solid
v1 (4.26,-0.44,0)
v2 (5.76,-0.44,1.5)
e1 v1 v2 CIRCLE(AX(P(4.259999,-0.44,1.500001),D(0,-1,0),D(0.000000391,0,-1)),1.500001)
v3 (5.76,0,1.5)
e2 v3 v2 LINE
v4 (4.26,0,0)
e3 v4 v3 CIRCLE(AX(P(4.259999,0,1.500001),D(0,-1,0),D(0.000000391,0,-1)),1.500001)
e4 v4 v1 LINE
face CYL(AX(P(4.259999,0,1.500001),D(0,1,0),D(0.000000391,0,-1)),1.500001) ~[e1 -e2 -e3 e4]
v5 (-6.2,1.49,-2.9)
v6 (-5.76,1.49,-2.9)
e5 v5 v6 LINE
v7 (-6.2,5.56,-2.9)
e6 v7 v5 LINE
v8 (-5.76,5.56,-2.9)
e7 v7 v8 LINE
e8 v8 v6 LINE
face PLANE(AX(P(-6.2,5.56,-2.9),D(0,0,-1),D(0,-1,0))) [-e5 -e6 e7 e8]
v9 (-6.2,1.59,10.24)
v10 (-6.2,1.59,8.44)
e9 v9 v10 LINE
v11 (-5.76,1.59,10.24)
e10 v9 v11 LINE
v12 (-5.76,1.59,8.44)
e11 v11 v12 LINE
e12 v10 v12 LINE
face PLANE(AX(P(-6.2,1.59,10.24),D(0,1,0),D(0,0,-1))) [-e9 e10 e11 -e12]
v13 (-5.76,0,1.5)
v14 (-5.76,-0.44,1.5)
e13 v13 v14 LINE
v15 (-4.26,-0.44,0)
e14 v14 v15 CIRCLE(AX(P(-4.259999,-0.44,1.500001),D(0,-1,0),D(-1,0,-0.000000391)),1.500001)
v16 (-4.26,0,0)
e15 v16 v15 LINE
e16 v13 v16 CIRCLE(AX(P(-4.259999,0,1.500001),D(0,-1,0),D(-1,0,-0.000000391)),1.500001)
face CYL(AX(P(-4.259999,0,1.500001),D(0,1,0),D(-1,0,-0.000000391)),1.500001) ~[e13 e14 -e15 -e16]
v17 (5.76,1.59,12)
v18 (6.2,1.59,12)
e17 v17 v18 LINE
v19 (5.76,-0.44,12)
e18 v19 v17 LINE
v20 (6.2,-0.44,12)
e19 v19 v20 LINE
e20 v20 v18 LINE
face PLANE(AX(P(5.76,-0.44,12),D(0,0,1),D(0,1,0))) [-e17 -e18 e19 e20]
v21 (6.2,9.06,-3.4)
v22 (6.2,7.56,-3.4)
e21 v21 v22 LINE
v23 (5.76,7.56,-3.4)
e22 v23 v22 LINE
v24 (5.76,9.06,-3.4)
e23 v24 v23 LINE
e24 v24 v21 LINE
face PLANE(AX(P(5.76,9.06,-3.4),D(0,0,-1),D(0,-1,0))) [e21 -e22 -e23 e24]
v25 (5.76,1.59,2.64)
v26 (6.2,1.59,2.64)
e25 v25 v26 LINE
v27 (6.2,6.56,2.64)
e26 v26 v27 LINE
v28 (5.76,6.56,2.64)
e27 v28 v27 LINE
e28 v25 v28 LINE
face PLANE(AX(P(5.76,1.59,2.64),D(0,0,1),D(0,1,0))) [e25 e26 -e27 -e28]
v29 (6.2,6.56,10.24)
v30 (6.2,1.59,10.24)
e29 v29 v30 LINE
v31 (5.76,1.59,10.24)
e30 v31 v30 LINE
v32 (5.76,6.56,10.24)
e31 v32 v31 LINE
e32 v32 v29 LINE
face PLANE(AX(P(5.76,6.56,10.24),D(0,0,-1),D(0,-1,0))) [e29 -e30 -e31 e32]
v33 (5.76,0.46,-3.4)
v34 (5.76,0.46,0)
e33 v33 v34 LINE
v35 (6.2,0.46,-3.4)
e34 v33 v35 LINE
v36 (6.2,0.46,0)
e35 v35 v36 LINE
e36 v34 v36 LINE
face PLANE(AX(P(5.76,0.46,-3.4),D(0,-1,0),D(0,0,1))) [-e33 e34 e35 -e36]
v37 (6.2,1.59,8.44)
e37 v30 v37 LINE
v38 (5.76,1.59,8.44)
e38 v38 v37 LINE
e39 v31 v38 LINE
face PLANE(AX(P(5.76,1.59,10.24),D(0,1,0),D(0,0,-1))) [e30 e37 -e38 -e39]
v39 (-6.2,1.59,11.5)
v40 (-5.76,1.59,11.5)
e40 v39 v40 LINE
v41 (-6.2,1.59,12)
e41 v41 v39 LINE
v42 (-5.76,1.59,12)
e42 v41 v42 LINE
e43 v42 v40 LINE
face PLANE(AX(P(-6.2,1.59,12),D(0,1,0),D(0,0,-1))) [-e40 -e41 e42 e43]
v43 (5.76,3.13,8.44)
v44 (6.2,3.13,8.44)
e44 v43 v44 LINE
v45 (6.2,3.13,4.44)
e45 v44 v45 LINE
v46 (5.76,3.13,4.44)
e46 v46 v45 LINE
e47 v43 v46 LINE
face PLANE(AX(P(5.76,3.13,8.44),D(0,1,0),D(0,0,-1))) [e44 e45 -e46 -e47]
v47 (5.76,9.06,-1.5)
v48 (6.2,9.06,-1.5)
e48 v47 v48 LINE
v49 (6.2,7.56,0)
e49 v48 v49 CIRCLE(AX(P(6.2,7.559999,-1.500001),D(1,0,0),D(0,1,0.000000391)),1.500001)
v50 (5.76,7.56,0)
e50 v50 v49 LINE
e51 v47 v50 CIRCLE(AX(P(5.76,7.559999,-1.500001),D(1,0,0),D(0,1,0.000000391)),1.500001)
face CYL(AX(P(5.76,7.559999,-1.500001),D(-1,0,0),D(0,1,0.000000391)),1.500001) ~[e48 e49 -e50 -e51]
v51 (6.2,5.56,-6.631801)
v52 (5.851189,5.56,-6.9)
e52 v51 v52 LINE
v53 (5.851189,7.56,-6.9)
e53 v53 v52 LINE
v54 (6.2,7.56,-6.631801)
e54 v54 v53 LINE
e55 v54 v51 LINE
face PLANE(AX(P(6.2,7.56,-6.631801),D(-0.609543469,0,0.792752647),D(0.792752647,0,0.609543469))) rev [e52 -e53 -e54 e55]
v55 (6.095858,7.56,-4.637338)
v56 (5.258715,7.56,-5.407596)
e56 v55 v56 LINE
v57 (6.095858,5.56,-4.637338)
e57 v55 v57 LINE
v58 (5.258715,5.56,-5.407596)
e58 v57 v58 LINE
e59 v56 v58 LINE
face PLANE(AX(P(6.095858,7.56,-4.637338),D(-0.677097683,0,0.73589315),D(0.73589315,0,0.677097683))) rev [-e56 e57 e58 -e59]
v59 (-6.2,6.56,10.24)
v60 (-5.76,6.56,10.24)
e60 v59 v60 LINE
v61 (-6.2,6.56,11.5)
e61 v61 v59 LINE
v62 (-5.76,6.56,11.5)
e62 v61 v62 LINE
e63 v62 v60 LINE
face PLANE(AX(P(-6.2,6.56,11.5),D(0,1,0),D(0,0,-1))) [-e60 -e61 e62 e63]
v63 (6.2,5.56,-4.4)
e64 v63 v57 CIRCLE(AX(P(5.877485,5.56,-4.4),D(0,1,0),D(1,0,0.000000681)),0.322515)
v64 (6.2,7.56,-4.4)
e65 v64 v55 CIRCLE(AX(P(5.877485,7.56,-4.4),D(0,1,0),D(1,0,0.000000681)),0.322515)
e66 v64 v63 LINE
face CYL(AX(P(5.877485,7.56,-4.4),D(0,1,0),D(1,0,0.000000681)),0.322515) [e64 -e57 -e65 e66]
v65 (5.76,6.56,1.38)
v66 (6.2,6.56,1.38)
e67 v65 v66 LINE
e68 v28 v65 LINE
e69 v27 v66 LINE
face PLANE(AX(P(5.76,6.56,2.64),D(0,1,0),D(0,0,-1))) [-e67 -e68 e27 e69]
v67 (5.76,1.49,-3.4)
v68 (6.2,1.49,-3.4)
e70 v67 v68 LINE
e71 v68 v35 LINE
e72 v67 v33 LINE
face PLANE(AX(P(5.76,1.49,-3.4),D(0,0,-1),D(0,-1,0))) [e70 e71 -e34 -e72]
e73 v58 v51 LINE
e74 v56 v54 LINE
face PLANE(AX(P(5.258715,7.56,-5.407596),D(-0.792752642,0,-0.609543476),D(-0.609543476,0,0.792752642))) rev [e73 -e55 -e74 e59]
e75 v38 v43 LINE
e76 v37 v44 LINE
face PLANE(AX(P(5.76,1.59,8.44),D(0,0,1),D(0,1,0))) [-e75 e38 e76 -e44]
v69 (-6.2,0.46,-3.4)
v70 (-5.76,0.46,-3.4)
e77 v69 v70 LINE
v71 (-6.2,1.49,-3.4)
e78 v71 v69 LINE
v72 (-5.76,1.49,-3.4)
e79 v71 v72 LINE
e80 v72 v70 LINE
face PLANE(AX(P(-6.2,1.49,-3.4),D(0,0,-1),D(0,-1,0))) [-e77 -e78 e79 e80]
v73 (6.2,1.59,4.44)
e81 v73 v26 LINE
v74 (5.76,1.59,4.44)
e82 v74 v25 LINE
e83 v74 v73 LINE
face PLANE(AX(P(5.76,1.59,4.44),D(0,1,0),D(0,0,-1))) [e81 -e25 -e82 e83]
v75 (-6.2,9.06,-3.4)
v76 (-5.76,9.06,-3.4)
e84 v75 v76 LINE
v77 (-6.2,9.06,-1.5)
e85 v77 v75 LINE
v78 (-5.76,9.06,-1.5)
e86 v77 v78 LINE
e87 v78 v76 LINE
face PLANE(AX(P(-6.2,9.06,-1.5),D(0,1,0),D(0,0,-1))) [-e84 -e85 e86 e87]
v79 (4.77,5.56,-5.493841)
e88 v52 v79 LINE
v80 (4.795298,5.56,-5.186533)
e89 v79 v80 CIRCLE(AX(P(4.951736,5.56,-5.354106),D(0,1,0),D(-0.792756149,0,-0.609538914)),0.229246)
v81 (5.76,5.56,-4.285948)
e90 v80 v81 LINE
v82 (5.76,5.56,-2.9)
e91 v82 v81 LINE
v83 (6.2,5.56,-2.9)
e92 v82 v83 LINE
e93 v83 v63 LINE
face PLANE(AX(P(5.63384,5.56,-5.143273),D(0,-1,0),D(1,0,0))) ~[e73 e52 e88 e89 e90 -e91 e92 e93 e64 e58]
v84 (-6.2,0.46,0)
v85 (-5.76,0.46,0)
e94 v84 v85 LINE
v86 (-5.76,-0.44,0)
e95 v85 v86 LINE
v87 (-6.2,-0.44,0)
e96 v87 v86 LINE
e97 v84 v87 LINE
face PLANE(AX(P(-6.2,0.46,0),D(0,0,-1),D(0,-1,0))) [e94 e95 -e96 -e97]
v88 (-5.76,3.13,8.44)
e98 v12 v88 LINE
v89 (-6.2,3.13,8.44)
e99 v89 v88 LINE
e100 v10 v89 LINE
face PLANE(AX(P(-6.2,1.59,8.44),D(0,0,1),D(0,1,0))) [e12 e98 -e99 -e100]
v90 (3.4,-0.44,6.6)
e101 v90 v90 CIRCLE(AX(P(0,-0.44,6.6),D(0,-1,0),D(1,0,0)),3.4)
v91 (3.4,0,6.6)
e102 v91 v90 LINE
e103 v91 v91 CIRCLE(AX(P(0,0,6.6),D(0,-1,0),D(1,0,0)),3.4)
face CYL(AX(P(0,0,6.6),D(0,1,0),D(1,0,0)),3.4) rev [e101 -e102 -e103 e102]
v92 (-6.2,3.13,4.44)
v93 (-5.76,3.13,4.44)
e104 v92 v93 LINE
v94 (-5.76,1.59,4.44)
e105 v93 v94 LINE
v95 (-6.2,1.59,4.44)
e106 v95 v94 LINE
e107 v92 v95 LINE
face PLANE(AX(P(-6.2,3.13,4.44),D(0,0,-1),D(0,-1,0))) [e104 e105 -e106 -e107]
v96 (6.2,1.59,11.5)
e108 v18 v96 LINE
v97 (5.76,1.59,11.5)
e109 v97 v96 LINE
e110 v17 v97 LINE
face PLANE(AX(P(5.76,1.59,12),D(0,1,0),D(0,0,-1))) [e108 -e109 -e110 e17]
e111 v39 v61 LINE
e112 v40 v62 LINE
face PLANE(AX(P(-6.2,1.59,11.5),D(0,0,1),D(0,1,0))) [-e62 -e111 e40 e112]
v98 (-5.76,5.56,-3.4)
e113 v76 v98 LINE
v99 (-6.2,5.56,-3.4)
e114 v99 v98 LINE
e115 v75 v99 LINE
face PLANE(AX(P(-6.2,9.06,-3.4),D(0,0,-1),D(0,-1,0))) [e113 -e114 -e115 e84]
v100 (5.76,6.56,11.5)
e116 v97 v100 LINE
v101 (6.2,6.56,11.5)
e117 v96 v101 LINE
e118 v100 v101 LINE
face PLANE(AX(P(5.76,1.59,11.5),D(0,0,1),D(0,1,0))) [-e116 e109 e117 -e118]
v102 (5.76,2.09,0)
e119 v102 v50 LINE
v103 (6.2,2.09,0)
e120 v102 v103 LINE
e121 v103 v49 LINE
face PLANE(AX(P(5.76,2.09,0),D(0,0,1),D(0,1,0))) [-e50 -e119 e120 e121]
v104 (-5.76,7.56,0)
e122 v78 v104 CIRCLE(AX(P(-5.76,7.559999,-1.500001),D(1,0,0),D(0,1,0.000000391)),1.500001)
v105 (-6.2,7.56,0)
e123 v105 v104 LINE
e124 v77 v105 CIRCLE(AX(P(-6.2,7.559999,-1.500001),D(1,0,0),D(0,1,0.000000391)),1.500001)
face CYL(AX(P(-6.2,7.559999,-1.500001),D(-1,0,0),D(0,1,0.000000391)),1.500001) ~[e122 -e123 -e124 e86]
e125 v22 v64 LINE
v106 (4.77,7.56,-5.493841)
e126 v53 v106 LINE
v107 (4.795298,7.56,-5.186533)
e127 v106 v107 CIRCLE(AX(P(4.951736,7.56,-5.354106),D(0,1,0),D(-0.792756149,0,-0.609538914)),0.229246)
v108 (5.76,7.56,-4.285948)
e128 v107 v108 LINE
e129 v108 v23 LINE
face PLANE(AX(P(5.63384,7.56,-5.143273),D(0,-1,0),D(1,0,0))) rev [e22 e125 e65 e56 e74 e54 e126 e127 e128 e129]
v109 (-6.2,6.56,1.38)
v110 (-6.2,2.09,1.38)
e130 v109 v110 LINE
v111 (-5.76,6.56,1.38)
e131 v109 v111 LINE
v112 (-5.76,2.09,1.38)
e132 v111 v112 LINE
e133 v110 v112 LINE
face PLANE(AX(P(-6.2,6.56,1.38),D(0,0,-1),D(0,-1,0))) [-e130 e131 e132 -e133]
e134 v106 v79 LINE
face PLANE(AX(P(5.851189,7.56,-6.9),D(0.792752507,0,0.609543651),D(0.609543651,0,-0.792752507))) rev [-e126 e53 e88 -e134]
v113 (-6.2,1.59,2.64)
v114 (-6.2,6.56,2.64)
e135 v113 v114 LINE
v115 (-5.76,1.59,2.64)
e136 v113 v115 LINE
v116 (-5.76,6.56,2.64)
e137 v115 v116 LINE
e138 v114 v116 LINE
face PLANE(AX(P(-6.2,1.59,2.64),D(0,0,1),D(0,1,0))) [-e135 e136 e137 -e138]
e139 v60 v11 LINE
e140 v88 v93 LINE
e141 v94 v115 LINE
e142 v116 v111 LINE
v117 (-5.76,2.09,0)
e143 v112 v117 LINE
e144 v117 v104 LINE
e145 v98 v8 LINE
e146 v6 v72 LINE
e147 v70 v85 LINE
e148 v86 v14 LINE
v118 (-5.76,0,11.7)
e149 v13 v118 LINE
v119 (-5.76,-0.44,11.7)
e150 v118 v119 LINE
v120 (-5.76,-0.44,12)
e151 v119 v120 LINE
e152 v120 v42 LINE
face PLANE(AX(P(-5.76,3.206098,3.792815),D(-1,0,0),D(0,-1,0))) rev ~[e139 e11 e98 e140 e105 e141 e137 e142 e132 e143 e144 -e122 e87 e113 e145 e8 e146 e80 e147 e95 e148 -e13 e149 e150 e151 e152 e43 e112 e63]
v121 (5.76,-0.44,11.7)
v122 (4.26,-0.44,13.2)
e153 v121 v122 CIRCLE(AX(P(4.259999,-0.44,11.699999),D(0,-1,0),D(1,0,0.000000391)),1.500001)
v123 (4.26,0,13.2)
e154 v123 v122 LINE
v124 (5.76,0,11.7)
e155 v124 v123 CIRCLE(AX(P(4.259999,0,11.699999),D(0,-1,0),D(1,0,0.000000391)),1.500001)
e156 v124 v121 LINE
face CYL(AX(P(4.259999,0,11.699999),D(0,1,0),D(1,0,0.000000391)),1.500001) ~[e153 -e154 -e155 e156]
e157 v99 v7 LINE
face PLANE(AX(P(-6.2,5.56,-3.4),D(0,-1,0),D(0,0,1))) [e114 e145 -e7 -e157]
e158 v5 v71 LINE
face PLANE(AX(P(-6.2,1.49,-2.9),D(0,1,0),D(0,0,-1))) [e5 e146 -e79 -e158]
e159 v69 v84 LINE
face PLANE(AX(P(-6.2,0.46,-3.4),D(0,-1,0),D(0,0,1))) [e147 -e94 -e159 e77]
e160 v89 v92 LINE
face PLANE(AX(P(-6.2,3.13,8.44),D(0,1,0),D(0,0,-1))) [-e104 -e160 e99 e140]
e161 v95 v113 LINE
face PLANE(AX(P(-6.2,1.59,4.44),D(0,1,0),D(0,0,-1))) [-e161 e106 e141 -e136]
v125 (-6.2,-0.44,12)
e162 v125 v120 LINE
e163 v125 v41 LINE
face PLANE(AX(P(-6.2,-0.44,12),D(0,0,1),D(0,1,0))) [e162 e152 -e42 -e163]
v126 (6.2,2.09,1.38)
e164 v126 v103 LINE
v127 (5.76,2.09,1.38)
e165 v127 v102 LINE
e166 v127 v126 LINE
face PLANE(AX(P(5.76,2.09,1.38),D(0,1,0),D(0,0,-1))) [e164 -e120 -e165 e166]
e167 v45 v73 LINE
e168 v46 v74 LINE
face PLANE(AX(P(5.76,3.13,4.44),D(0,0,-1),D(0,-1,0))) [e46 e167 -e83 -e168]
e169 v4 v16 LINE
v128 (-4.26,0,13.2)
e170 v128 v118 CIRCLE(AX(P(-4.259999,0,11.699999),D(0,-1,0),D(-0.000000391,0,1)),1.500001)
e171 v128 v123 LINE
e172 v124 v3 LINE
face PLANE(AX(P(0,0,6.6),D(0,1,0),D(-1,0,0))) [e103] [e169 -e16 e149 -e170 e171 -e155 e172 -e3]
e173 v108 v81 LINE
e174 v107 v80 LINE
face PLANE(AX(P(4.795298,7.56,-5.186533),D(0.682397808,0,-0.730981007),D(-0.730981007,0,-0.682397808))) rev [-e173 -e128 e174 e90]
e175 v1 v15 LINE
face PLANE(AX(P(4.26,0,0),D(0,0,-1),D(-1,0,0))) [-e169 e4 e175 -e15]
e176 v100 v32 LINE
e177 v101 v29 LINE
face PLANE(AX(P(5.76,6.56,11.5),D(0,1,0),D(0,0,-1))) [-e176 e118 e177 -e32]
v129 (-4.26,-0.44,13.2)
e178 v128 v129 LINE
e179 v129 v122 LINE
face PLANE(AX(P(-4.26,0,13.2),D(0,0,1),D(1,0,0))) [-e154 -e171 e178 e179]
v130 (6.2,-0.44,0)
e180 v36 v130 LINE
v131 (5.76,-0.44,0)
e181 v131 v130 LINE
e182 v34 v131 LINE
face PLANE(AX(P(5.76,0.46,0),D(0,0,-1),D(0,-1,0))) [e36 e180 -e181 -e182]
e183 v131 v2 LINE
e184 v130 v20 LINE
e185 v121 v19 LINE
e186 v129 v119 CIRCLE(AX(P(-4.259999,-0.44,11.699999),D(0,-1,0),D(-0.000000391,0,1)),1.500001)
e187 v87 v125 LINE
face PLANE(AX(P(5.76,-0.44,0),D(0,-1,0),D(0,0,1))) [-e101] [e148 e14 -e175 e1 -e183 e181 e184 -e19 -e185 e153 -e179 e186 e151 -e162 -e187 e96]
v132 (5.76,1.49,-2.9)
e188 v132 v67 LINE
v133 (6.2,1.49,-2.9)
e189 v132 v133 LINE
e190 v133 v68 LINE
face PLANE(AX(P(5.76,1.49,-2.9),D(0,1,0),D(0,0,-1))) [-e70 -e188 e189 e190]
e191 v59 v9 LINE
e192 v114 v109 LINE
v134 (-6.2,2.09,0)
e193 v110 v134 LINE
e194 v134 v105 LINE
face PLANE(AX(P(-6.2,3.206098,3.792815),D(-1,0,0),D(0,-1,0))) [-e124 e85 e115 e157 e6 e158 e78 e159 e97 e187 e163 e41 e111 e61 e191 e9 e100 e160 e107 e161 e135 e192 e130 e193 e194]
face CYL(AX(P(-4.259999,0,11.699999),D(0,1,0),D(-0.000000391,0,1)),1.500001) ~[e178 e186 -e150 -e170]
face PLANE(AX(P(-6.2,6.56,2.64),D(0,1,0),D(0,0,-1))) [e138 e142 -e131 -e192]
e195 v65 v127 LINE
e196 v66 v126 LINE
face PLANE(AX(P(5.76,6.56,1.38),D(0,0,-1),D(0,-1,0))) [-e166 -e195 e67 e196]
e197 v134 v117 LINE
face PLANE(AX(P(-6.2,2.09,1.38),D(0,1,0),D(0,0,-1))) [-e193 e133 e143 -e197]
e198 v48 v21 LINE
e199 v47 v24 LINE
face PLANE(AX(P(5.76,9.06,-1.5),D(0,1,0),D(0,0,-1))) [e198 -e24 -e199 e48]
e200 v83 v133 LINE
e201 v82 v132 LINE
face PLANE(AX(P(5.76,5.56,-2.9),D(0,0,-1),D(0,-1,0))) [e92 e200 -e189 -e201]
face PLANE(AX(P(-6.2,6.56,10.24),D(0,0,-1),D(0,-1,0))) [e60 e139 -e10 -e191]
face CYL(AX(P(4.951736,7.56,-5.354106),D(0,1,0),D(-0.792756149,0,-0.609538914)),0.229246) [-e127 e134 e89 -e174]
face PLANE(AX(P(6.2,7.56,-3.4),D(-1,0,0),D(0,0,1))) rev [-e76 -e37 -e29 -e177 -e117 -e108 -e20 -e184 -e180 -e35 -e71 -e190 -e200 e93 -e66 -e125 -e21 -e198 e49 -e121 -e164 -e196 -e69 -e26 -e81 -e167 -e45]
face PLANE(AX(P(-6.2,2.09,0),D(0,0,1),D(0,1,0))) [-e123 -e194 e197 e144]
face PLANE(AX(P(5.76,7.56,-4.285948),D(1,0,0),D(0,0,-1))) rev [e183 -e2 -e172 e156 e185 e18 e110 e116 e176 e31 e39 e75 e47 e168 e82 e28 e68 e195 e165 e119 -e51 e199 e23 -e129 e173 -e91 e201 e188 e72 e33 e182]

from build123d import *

# Parameters (mm, degrees)
EXTRUDE003_DEPTH = 2
EXTRUDE001_DEPTH = 0.44
EXTRUDE_DEPTH    = 0.44
SKETCH027_R      = 3.4
EXTRUDE002_DEPTH = 0.44


with BuildPart() as extrude003:
    # Sketch028 → Extrude003 (new body)
    with BuildSketch(Plane.XZ):
        with BuildLine():
            Line((0, 0), (0, -1))
            ThreePointArc((0, -1), (0.027181, -1.129591), (0.104142, -1.237338))
            Line((0.104142, -1.237338), (0.941285, -2.007596))
            Line((0.941285, -2.007596), (0, -3.231801))
            Line((0, -3.231801), (0.348811, -3.5))
            Line((0.348811, -3.5), (1.43, -2.093841))
            ThreePointArc((1.43, -2.093841), (1.476737, -1.935298), (1.404702, -1.786533))
            Line((1.404702, -1.786533), (0.44, -0.885948))
            Line((0.44, -0.885948), (0.44, 0))
            Line((0.44, 0), (0, 0))
        make_face()
    extrude(amount=EXTRUDE003_DEPTH)


with BuildPart() as extrude003_1:
    # Extrude003 placement: moved
    add(extrude003.part.moved(Location((-6.2, 7.56, -3.4))))


with BuildPart() as part_mirroring:
    # Part__Mirroring: instance of Extrude003
    add(extrude003_1.part.mirror(Plane(origin=(0, 0, 0), x_dir=(0, -1, 0), z_dir=(1, 0, 0))))


with BuildPart() as extrude001:
    # Sketch026 → Extrude001 (new body)
    with BuildSketch(Plane.YZ):
        with BuildLine():
            Line((0, 12), (2.03, 12))
            Line((2.03, 12), (2.03, 11.5))
            Line((2.03, 11.5), (7, 11.5))
            Line((7, 11.5), (7, 10.24))
            Line((7, 10.24), (2.03, 10.24))
            Line((2.03, 10.24), (2.03, 8.44))
            Line((2.03, 8.44), (3.57, 8.44))
            Line((3.57, 8.44), (3.57, 4.44))
            Line((3.57, 4.44), (2.03, 4.44))
            Line((2.03, 4.44), (2.03, 2.64))
            Line((2.03, 2.64), (7, 2.64))
            Line((7, 2.64), (7, 1.38))
            Line((7, 1.38), (2.53, 1.38))
            Line((2.53, 1.38), (2.53, 0))
            Line((2.53, 0), (8, 0))
            ThreePointArc((9.5, -1.5), (9.06066, -0.43934), (8, 0))
            Line((9.5, -1.5), (9.5, -3.4))
            Line((9.5, -3.4), (6, -3.4))
            Line((6, -3.4), (6, -2.9))
            Line((6, -2.9), (1.93, -2.9))
            Line((1.93, -2.9), (1.93, -3.4))
            Line((1.93, -3.4), (0.9, -3.4))
            Line((0.9, -3.4), (0.9, 0))
            Line((0.9, 0), (0, 0))
            Line((0, 0), (0, 12))
        make_face()
    extrude(amount=EXTRUDE001_DEPTH)


with BuildPart() as extrude001_1:
    # Extrude001 placement: moved
    add(extrude001.part.moved(Location((5.76, -0.44, 0))))


with BuildPart() as fusion:
    # Sketch026 → Extrude (new body)
    with BuildSketch(Plane.YZ):
        with BuildLine():
            Line((0, 12), (2.03, 12))
            Line((2.03, 12), (2.03, 11.5))
            Line((2.03, 11.5), (7, 11.5))
            Line((7, 11.5), (7, 10.24))
            Line((7, 10.24), (2.03, 10.24))
            Line((2.03, 10.24), (2.03, 8.44))
            Line((2.03, 8.44), (3.57, 8.44))
            Line((3.57, 8.44), (3.57, 4.44))
            Line((3.57, 4.44), (2.03, 4.44))
            Line((2.03, 4.44), (2.03, 2.64))
            Line((2.03, 2.64), (7, 2.64))
            Line((7, 2.64), (7, 1.38))
            Line((7, 1.38), (2.53, 1.38))
            Line((2.53, 1.38), (2.53, 0))
            Line((2.53, 0), (8, 0))
            ThreePointArc((9.5, -1.5), (9.06066, -0.43934), (8, 0))
            Line((9.5, -1.5), (9.5, -3.4))
            Line((9.5, -3.4), (6, -3.4))
            Line((6, -3.4), (6, -2.9))
            Line((6, -2.9), (1.93, -2.9))
            Line((1.93, -2.9), (1.93, -3.4))
            Line((1.93, -3.4), (0.9, -3.4))
            Line((0.9, -3.4), (0.9, 0))
            Line((0.9, 0), (0, 0))
            Line((0, 0), (0, 12))
        make_face()
    extrude(amount=EXTRUDE_DEPTH)


with BuildPart() as fusion_1:
    # Extrude placement: moved
    add(fusion.part.moved(Location((-6.2, -0.44, 0))))

    # Fusion: union Extrude001
    add(extrude001_1.part)


with BuildPart() as metalcover:
    # Sketch027 → Extrude002 (new body)
    with BuildSketch(Plane.XZ):
        with BuildLine():
            Line((1.94, 13.2), (10.46, 13.2))
            ThreePointArc((11.96, 11.7), (11.52066, 12.76066), (10.46, 13.2))
            Line((11.96, 11.7), (11.96, 1.5))
            ThreePointArc((10.46, 0), (11.52066, 0.43934), (11.96, 1.5))
            Line((10.46, 0), (1.94, 0))
            ThreePointArc((0.44, 1.5), (0.87934, 0.43934), (1.94, 0))
            Line((0.44, 1.5), (0.44, 11.7))
            ThreePointArc((1.94, 13.2), (0.87934, 12.76066), (0.44, 11.7))
        make_face()
        with Locations((6.2, 6.6)):
            Circle(SKETCH027_R, mode=Mode.SUBTRACT)
    extrude(amount=EXTRUDE002_DEPTH)


with BuildPart() as metalcover_1:
    # Extrude002 placement: moved
    add(metalcover.part.moved(Location((-6.2, 0, 0))))

    # Fusion001: union Fusion
    add(fusion_1.part)

    # Fusion004: union Part__Mirroring
    add(part_mirroring.part)


solid = metalcover_1.part
